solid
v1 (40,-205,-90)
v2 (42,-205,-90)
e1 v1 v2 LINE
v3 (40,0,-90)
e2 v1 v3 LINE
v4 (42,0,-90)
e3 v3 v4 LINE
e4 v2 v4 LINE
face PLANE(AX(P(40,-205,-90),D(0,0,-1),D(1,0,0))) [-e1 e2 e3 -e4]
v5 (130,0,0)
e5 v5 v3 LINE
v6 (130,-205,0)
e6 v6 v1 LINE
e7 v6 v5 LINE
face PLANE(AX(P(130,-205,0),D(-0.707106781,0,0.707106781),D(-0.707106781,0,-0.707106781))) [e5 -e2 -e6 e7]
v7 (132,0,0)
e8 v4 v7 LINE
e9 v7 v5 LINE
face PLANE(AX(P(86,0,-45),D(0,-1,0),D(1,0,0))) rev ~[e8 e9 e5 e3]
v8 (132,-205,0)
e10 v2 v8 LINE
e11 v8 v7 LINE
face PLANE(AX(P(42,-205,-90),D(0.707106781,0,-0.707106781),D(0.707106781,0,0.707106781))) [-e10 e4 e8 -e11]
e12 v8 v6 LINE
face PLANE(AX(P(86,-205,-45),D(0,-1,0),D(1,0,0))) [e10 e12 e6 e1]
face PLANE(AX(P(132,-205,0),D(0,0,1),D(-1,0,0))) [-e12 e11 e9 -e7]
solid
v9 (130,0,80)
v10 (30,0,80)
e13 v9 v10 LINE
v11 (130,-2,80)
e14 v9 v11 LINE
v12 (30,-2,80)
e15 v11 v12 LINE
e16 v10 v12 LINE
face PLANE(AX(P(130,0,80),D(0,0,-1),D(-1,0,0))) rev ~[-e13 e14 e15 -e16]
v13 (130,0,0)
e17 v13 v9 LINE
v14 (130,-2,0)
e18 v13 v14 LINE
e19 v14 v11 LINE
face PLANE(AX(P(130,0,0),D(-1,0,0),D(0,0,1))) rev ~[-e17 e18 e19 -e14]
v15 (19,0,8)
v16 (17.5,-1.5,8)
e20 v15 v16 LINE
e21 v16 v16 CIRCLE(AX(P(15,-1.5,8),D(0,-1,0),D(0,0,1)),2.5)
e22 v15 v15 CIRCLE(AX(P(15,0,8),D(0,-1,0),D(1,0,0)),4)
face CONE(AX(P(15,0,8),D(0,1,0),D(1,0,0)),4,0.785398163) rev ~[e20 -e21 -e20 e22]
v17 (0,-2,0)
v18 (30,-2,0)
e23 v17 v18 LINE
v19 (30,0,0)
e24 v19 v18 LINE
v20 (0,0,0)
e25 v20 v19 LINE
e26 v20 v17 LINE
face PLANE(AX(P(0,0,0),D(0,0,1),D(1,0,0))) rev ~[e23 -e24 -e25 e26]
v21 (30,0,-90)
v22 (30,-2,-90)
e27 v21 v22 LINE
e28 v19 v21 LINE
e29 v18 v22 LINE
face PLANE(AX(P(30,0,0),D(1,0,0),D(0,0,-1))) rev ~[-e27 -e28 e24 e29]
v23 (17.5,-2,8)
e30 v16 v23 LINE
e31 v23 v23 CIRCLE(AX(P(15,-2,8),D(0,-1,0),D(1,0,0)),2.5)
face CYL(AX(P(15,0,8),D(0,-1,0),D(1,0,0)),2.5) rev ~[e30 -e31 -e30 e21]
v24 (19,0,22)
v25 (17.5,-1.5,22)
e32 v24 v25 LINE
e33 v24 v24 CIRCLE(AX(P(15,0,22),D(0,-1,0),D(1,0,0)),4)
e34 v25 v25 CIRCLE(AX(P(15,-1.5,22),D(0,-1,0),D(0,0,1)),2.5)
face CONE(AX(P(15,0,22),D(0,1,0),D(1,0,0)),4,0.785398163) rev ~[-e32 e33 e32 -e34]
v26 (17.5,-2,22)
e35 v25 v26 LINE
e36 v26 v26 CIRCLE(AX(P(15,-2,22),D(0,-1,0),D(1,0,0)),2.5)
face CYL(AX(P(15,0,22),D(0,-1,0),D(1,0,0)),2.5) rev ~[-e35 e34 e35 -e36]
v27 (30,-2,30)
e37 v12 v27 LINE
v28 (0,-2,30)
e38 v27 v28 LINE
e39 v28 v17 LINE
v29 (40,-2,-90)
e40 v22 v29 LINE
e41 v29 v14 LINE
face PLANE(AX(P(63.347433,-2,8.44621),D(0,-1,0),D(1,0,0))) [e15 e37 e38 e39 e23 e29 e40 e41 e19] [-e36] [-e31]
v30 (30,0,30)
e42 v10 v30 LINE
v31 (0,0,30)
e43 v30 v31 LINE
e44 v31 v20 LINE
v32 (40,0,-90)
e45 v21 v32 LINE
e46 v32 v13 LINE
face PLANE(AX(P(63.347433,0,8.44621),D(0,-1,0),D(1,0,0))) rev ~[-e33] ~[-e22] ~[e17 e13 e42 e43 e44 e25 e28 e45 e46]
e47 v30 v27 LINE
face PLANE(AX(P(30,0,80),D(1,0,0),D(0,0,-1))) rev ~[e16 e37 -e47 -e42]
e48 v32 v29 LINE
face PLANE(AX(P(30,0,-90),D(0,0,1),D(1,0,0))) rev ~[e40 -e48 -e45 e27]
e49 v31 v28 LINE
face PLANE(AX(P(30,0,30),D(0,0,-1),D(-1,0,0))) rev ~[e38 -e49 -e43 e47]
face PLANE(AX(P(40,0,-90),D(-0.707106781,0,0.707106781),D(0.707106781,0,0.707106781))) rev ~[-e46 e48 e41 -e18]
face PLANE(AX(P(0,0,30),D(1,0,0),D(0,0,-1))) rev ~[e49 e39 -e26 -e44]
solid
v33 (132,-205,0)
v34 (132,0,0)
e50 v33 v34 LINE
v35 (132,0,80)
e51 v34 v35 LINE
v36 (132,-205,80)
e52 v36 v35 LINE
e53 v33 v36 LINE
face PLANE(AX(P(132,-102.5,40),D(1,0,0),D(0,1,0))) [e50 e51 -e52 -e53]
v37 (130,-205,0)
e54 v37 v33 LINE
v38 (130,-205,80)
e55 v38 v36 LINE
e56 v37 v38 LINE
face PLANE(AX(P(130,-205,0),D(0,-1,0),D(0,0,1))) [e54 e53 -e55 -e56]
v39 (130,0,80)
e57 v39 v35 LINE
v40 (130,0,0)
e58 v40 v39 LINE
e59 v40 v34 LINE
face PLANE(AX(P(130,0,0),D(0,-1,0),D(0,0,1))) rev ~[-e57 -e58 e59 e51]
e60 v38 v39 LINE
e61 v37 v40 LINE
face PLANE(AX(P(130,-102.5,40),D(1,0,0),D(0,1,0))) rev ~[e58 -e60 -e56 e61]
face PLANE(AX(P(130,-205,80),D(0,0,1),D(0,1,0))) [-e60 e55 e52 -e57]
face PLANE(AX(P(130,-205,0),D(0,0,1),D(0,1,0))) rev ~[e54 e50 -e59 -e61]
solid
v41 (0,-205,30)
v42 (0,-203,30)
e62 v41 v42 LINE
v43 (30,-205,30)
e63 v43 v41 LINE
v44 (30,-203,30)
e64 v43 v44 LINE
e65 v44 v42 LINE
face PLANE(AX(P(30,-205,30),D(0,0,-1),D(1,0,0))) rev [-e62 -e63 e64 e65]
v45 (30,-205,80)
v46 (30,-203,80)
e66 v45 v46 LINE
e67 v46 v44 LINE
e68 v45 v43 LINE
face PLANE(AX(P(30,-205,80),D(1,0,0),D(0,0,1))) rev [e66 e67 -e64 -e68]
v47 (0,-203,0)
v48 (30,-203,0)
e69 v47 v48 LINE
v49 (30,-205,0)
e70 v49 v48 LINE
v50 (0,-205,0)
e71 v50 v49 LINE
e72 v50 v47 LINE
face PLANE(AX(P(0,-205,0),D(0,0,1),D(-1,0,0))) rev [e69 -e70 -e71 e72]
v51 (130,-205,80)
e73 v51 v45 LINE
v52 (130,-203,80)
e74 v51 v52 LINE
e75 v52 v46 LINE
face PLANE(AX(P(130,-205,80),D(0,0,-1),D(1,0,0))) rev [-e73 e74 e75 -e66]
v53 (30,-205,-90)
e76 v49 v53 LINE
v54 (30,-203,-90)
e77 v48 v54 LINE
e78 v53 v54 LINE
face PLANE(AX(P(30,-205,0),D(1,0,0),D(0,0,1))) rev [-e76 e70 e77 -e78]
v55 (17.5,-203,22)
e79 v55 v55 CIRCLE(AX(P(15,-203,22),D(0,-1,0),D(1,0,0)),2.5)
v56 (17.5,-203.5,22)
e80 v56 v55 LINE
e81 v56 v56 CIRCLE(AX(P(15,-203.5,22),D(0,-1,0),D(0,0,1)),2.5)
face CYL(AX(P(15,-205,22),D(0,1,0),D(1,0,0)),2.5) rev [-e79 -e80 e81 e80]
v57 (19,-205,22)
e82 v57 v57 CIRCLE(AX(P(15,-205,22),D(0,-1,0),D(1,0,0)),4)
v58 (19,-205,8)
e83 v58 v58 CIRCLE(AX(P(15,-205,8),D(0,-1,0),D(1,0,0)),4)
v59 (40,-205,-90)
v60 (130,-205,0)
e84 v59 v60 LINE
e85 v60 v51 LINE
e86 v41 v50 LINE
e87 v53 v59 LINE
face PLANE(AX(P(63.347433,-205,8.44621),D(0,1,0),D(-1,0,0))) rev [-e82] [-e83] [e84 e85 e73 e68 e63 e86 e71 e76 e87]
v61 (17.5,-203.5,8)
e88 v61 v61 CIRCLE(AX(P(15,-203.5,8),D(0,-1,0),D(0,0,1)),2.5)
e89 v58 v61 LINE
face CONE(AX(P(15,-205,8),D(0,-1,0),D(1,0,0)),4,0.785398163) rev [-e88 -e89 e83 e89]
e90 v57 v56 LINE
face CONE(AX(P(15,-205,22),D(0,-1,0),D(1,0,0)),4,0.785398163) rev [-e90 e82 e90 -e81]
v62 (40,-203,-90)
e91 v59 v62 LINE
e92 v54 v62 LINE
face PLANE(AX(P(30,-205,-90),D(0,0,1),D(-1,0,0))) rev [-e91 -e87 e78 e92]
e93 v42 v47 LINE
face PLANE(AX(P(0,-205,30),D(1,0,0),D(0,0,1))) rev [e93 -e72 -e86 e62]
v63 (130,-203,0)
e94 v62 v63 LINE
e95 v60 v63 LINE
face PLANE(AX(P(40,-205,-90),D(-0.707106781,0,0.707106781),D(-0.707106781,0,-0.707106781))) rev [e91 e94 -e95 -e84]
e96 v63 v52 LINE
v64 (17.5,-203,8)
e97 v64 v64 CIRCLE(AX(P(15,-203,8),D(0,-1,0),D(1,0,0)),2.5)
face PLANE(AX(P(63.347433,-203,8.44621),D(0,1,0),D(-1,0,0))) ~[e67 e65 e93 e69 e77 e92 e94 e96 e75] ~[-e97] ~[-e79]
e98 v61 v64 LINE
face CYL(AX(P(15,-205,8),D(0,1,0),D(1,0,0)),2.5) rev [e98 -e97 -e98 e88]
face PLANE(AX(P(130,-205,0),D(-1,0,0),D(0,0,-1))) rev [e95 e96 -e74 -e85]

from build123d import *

# Parameters (mm, degrees)
F1_DEPTH       = 2
F3_D           = 5
F3_DEPTH       = 10
F3_CSINK_D     = 8
F3_CSINK_ANGLE = 90
F7_W           = 205
F7_H           = 80
F8_DEPTH       = 2
F10_DEPTH      = 205


with BuildPart() as f1:
    # F0 (on Front) → F1 (new body)
    with BuildSketch(Plane.XZ):
        Polygon((0, 30), (0, 0), (30, 0), (30, -90), (40, -90), (130, 0), (130, 80), (30, 80), (30, 30), align=None)
    extrude(amount=F1_DEPTH)

    # F3
    with Locations(Plane(origin=(0, 0, 0), x_dir=(-1, 0, 0), z_dir=(0, 1, 0))):
        with Locations((-15, 22), (-15, 8)):
            CounterSinkHole(F3_D / 2, F3_CSINK_D / 2, depth=F3_DEPTH, counter_sink_angle=F3_CSINK_ANGLE)


with BuildPart() as f5_1:
    # F5: instance of F1
    add(f1.part.mirror(Plane.XZ.offset(102.5)))


with BuildPart() as f8:
    # F7 (on offset) → F8 (new body)
    with BuildSketch(Plane.YZ.offset(130)):
        with Locations((-102.5, 40)):
            Rectangle(F7_W, F7_H)
    extrude(amount=F8_DEPTH)


with BuildPart() as f10:
    # F9 (on face) → F10 (new body)
    with BuildSketch(Plane.XZ.offset(205)):
        Polygon((132, 0), (130, 0), (40, -90), (42, -90), align=None)
    extrude(amount=-F10_DEPTH)


solid = Compound([f1.part, f5_1.part, f8.part, f10.part])
